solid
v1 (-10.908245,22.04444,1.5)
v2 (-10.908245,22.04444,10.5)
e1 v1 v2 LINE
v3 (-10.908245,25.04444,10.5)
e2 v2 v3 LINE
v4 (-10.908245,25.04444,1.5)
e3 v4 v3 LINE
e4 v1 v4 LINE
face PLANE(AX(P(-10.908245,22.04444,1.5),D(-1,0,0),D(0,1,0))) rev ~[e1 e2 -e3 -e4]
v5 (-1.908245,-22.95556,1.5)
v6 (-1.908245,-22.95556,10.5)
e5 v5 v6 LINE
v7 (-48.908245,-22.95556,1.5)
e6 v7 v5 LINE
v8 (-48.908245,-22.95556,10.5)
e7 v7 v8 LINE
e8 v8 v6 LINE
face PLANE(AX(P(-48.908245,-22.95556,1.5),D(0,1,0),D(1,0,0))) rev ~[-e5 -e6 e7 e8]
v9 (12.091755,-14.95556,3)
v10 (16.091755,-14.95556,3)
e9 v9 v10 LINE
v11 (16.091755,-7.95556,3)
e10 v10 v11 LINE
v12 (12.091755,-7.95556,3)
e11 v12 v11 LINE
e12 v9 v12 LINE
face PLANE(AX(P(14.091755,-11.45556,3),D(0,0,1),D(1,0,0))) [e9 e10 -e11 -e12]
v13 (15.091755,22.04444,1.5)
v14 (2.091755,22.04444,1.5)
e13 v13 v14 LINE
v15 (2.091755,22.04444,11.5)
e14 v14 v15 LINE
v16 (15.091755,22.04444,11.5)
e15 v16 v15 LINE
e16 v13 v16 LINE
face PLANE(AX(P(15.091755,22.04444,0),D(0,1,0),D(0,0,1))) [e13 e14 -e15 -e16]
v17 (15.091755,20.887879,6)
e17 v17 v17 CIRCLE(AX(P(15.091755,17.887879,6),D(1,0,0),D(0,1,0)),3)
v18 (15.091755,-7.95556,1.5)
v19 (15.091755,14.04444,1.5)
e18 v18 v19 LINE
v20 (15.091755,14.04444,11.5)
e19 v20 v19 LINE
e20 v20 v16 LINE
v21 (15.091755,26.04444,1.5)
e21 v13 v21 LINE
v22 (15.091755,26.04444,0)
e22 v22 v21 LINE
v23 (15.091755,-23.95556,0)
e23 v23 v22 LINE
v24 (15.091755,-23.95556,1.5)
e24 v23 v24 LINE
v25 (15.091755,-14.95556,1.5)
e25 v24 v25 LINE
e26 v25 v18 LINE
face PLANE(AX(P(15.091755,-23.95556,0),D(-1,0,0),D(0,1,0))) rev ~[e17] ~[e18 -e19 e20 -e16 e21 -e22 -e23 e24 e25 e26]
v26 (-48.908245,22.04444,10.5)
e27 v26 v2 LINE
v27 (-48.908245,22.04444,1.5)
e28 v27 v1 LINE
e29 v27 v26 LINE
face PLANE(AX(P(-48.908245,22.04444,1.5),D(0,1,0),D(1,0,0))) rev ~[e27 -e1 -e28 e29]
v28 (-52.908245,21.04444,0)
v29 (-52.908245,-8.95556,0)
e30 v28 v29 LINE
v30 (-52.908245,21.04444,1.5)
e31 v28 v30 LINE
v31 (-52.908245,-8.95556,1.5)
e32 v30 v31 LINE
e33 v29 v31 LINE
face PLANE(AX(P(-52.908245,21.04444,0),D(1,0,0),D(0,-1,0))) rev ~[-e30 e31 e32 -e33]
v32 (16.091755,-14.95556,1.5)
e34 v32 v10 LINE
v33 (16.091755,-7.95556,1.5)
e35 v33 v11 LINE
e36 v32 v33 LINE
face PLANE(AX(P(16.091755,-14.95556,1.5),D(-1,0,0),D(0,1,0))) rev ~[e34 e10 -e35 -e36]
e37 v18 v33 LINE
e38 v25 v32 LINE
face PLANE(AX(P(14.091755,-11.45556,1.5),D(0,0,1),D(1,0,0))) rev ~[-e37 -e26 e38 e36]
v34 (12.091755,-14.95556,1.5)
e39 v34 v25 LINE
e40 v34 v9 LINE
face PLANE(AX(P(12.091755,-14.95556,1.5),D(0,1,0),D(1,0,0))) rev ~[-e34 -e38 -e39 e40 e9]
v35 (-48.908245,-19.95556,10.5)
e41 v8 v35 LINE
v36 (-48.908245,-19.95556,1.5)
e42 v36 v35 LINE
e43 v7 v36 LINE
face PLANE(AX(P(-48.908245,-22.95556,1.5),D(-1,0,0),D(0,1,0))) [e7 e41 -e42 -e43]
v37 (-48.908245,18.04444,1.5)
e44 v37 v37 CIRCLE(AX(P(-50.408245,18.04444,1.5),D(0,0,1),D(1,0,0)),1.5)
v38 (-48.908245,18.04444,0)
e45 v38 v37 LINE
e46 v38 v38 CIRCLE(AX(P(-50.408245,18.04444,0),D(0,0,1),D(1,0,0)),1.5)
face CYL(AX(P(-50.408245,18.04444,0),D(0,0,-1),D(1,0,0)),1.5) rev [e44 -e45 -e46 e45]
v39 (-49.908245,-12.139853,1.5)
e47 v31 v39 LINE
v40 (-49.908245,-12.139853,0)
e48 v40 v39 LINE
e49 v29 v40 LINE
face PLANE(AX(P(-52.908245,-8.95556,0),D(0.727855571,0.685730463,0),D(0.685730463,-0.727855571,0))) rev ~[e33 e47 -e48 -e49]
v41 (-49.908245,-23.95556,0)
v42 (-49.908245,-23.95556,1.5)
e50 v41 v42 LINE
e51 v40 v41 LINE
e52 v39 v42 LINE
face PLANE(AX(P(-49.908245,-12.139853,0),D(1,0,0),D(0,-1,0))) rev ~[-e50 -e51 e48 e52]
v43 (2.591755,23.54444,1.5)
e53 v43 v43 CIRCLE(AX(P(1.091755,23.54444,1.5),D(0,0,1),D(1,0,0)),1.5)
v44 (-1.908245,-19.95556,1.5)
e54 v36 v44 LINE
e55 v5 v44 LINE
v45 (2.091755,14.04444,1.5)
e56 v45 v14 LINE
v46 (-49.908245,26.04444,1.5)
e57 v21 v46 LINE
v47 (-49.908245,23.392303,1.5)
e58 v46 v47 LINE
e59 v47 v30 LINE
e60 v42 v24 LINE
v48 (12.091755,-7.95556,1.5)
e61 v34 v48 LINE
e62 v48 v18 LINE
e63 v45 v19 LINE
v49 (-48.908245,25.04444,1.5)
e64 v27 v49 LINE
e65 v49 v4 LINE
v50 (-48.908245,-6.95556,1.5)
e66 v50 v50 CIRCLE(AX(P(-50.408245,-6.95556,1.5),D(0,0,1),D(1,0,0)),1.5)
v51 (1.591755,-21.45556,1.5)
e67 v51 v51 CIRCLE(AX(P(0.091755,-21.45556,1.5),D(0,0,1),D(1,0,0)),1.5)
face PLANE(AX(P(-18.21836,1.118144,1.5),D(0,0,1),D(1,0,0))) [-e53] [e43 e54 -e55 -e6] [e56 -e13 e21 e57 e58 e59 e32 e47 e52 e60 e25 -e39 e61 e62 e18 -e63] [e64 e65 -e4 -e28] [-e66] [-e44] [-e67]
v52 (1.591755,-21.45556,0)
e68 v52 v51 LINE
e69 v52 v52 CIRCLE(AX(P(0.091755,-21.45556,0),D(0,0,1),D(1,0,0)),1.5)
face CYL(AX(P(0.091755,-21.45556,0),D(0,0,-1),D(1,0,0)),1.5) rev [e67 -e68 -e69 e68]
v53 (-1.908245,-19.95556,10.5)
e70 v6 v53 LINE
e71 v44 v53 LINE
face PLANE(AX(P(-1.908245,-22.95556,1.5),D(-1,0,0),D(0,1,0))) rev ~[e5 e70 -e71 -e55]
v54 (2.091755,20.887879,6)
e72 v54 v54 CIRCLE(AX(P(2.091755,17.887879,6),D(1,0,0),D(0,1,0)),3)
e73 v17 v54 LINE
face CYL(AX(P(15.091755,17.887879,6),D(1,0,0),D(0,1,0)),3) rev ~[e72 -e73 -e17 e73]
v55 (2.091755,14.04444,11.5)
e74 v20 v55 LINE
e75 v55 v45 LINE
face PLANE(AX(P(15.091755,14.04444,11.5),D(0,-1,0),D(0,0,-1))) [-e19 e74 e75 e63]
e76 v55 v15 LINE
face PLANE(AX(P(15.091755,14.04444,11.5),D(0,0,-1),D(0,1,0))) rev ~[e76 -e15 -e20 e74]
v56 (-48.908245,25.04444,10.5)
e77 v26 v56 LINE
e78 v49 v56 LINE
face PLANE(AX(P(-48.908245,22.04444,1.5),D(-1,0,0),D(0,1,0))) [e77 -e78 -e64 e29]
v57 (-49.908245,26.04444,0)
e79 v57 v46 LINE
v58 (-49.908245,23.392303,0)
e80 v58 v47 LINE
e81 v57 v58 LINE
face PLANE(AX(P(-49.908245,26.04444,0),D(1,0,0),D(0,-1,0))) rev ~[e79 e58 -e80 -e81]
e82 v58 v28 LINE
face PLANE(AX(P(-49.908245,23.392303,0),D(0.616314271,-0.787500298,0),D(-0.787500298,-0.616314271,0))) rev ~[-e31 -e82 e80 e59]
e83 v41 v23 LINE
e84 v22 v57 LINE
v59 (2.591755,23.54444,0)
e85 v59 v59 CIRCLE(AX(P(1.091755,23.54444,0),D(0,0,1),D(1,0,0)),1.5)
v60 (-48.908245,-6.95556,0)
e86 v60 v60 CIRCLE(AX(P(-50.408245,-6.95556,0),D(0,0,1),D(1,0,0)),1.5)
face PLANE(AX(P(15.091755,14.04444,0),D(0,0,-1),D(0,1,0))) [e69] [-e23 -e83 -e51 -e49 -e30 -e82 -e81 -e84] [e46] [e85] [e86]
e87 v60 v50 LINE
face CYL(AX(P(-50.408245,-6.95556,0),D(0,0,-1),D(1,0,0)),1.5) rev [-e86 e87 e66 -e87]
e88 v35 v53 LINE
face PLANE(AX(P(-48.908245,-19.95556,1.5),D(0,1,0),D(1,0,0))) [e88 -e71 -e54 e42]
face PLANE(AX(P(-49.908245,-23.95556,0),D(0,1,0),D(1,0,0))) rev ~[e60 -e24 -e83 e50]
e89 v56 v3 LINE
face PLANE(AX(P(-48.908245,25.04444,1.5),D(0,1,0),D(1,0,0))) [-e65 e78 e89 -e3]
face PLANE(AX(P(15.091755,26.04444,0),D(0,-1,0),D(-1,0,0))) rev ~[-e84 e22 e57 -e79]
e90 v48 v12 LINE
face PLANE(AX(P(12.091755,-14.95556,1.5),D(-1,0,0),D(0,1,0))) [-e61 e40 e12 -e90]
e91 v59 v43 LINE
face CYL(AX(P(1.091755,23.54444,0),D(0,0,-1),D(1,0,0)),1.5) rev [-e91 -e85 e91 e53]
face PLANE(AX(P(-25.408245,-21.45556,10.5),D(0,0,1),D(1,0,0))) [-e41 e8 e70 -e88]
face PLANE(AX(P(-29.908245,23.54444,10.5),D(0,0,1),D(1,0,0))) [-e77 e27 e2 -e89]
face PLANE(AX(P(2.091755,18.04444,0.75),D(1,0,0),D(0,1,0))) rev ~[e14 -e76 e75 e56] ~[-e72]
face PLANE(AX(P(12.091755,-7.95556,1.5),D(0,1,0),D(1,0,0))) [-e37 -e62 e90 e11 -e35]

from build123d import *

# Parameters (mm, degrees)
F0_R     = 1.5
F1_DEPTH = 1.5
F2_W     = 38
F2_H     = 3
F2_W_2   = 47
F3_DEPTH = 9
F4_W     = 4
F4_H     = 7
F5_DEPTH = 1.5
F6_W     = 8
F6_H     = 1.5
F6_H_2   = 10
F6_R     = 3
F7_DEPTH = 13


with BuildPart() as f1:
    # F0 (on Top) → F1 (new body)
    with BuildSketch(Plane.XY):
        Polygon((15.091755, -23.95556), (15.091755, 26.04444), (-49.908245, 26.04444), (-49.908245, 23.392303), (-52.908245, 21.04444), (-52.908245, -8.95556), (-49.908245, -12.139853), (-49.908245, -23.95556), align=None)
        with Locations((-50.408245, -6.95556)):
            Circle(F0_R, mode=Mode.SUBTRACT)
        with Locations((0.091755, -21.45556)):
            Circle(F0_R, mode=Mode.SUBTRACT)
        with Locations((-50.408245, 18.04444)):
            Circle(F0_R, mode=Mode.SUBTRACT)
        with Locations((1.091755, 23.54444)):
            Circle(F0_R, mode=Mode.SUBTRACT)
    extrude(amount=F1_DEPTH)

    # F2 (on face) → F3 (join)
    with BuildSketch(Plane.XY.offset(1.5)):
        with Locations((-29.908245, 23.54444)):
            Rectangle(F2_W, F2_H)
        with Locations((-25.408245, -21.45556)):
            Rectangle(F2_W_2, F2_H)
    extrude(amount=F3_DEPTH)

    # F4 (on face) → F5 (join)
    with BuildSketch(Plane.XY.offset(1.5)):
        with Locations((14.091755, -11.45556)):
            Rectangle(F4_W, F4_H)
    extrude(amount=F5_DEPTH)

    # F6 (on face) → F7 (join)
    with BuildSketch(Plane.YZ.offset(15.091755)):
        with Locations((18.04444, 0.75)):
            Rectangle(F6_W, F6_H)
        with Locations((18.04444, 6.5)):
            Rectangle(F6_W, F6_H_2)
        with Locations((17.887879, 6)):
            Circle(F6_R, mode=Mode.SUBTRACT)
    extrude(amount=-F7_DEPTH)


solid = f1.part
